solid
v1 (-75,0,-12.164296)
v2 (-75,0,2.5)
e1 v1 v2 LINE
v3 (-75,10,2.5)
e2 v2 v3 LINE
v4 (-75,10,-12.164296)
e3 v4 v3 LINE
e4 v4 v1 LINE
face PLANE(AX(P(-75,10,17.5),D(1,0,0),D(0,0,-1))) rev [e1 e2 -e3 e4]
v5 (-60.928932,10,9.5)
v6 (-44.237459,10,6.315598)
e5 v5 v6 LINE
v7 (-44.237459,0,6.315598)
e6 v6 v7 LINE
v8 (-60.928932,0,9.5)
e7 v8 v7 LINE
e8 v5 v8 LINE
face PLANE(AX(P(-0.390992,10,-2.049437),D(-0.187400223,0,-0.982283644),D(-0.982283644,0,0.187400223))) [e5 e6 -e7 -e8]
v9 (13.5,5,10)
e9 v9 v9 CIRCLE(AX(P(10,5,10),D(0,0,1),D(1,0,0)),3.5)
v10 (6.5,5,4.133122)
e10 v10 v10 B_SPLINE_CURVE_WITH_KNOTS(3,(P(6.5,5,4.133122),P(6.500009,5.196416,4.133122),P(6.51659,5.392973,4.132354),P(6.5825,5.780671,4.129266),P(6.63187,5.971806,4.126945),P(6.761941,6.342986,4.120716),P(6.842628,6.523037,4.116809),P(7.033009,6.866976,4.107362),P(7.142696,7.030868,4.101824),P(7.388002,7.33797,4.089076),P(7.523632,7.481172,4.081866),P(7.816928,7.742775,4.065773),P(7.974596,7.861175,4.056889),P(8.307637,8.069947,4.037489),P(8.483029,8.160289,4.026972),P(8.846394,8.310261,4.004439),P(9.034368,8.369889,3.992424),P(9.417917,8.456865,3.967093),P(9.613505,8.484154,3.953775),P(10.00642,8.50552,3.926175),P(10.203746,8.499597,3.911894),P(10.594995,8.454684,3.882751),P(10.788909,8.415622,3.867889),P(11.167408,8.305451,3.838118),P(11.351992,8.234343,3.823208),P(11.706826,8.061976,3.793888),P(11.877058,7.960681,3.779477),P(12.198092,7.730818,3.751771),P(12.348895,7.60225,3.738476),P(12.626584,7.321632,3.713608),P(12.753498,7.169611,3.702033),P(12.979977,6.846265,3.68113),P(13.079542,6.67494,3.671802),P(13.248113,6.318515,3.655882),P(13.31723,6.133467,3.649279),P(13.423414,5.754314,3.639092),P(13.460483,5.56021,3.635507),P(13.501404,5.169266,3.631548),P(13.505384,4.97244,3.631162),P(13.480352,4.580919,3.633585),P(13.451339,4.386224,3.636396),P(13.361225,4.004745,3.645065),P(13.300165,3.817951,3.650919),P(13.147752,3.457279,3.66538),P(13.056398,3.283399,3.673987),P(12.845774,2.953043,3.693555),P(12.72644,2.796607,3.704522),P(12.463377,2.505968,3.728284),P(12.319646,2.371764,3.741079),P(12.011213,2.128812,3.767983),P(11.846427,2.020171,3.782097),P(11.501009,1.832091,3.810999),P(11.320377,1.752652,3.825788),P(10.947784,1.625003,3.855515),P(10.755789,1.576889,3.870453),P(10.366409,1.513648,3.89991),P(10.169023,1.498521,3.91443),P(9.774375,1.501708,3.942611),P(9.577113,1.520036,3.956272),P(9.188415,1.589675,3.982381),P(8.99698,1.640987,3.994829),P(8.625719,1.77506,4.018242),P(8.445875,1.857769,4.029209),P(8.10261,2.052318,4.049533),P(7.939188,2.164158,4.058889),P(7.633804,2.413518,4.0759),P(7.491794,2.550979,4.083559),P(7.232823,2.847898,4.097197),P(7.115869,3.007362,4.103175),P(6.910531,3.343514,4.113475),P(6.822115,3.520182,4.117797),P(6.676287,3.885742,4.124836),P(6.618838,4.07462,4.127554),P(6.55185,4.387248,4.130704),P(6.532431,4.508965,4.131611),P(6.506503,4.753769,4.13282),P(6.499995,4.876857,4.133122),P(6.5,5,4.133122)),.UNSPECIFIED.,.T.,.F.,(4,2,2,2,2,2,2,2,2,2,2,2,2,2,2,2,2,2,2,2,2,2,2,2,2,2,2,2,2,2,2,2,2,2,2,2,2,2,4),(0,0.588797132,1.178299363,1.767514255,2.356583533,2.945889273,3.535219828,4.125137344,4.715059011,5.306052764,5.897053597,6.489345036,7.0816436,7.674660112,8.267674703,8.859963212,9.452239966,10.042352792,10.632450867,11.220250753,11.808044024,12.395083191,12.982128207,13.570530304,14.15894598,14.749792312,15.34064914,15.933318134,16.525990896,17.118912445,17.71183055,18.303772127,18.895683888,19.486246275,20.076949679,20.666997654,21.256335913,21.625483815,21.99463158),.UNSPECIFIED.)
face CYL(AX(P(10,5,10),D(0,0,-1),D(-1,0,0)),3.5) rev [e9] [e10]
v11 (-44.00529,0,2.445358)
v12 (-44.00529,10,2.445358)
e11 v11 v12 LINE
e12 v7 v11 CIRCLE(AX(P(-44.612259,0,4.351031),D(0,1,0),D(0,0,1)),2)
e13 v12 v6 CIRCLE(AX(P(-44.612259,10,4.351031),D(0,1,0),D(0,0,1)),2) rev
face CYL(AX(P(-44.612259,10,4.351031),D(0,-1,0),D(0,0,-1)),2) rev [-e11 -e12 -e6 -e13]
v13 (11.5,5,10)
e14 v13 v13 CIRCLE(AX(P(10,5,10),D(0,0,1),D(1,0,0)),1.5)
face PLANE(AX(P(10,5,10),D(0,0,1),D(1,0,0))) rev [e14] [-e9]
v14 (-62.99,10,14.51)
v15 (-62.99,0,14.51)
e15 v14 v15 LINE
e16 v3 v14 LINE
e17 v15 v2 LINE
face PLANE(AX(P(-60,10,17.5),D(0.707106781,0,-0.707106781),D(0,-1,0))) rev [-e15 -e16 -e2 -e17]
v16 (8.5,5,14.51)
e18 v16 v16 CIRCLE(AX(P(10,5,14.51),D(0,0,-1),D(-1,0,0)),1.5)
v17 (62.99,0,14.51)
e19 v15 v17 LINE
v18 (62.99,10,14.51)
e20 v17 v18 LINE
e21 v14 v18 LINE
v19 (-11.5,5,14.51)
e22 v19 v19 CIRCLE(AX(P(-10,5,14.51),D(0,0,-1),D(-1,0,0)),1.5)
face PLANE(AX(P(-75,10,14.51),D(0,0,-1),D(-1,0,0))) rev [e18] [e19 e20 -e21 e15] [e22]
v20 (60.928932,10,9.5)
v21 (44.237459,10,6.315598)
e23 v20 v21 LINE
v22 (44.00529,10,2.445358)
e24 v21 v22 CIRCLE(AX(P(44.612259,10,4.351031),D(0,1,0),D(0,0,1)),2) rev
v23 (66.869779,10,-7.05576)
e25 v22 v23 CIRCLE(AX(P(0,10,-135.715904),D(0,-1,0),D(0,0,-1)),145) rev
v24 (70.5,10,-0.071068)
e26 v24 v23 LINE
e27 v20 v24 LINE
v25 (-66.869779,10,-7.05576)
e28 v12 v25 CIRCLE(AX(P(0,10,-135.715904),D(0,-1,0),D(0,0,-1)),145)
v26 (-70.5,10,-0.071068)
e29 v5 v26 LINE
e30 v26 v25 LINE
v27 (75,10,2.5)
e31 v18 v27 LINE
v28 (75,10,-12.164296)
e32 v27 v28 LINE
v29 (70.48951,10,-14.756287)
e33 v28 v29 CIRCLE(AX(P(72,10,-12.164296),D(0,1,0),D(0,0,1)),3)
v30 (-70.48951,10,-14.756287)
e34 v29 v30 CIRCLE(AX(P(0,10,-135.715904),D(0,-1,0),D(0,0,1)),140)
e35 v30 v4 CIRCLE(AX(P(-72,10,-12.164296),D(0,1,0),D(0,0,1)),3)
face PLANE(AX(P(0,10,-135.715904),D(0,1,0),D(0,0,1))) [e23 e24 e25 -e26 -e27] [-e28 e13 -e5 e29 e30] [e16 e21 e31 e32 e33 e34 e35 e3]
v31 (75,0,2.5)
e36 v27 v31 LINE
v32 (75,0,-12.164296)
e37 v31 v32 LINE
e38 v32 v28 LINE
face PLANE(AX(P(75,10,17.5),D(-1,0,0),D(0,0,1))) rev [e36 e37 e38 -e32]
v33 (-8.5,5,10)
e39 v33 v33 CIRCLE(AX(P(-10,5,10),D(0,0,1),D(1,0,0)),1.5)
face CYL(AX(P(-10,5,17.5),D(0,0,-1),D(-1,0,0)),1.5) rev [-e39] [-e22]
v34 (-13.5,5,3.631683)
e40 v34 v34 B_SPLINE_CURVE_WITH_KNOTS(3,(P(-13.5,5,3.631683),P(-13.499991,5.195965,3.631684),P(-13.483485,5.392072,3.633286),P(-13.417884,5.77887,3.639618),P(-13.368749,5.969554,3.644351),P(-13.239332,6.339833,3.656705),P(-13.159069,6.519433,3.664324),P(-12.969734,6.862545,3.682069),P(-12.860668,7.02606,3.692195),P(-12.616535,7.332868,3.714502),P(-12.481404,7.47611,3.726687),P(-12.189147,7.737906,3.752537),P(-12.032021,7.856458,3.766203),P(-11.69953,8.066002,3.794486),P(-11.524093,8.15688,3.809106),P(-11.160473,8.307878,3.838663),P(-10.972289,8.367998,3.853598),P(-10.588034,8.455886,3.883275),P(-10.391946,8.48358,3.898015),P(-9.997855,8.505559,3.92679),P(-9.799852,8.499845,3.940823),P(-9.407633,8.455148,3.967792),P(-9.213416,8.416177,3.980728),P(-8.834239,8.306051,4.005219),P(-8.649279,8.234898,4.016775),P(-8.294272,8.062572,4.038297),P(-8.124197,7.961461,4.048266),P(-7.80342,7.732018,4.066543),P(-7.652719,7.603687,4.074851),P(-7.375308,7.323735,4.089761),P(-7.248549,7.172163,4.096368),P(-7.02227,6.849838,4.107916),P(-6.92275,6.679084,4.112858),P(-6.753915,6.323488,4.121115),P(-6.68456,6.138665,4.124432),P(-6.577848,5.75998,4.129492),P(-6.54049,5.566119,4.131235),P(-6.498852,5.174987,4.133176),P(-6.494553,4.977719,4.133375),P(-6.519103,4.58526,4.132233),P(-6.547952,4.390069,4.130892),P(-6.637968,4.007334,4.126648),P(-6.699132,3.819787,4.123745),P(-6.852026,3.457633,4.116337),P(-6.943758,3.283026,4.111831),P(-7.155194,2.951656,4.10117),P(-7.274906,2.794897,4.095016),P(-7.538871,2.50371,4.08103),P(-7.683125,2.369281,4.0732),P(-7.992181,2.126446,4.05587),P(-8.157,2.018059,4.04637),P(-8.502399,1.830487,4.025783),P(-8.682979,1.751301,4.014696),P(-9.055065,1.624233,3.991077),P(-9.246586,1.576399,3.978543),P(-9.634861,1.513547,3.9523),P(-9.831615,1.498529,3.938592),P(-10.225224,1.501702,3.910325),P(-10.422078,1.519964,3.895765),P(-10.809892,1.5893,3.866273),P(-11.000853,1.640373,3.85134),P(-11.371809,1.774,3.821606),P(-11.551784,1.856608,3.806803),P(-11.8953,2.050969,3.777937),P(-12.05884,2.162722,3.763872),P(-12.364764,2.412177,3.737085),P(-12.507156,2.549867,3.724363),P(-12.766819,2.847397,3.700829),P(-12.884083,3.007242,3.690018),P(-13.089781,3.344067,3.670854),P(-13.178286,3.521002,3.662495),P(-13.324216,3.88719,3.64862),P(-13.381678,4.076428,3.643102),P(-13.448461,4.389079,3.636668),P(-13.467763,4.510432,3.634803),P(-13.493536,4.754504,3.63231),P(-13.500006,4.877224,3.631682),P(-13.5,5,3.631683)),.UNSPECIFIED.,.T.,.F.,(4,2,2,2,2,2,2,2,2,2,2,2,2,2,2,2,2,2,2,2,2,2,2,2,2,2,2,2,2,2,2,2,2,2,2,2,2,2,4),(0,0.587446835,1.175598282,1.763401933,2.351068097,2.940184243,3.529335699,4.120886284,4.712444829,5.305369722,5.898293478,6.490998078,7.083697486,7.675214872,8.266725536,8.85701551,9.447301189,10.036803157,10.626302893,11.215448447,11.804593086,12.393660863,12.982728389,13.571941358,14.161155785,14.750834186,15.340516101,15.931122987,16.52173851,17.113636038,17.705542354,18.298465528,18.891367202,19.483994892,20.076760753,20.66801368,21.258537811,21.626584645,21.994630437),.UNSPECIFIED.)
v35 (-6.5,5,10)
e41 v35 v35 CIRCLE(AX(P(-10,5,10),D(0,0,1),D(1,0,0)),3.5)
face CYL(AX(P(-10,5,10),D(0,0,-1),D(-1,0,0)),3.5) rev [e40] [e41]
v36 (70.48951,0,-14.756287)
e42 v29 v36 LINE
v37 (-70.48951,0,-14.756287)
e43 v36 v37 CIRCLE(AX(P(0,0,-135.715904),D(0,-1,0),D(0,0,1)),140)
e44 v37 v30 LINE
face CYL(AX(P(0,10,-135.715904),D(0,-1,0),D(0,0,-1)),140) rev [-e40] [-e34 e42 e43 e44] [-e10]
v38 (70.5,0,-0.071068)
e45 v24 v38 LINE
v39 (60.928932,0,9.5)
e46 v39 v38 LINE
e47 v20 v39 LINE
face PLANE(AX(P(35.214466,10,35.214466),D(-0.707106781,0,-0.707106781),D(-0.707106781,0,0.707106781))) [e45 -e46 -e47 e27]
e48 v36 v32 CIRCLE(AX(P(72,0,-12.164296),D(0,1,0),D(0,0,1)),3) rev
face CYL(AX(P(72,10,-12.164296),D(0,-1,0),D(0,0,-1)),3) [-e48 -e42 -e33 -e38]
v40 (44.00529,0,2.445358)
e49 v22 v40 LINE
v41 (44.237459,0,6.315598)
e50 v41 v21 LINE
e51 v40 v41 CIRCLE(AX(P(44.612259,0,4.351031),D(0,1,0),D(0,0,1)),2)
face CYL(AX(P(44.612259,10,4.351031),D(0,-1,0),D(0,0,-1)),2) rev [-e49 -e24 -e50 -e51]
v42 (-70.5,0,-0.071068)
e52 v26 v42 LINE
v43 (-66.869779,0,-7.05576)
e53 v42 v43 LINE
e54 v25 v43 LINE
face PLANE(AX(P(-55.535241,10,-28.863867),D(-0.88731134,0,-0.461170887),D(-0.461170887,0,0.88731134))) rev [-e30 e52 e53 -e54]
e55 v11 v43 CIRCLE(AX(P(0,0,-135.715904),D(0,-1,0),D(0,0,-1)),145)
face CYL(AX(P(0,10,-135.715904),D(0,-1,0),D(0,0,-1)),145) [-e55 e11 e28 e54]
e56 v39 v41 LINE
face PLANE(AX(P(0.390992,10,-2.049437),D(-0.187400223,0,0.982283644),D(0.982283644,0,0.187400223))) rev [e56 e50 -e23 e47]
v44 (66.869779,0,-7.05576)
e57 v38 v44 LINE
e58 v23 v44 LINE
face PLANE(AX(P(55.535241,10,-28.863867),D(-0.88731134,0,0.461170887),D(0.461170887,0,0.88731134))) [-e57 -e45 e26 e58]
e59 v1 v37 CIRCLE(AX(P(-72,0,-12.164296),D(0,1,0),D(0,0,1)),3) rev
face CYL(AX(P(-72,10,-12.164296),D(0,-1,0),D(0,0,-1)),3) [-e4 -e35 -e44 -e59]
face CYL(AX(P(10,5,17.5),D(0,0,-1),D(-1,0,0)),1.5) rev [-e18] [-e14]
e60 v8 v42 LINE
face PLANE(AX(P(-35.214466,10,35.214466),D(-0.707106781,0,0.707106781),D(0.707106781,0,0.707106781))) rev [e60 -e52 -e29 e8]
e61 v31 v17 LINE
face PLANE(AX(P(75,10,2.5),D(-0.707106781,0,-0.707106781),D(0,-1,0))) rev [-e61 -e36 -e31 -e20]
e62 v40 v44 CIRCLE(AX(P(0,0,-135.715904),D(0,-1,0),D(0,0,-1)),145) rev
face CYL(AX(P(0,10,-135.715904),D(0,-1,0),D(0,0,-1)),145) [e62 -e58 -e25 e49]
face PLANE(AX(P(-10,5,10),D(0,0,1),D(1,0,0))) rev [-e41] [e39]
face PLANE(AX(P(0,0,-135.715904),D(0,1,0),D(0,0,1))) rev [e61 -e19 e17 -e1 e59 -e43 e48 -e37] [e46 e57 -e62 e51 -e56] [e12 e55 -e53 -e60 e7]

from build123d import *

# Parameters (mm, degrees)
EXTRUDE_1_DEPTH     = 10
CHAMFER_1_SIZE      = 15
FILLET_1_R          = 3
SKETCH_2_R          = 1.5
CUT_EXTRUDE_2_DEPTH = 78.661122835
SKETCH_4_R          = 3.5
CUT_EXTRUDE_3_DEPTH = 10
CUT_EXTRUDE_4_DEPTH = 78.661122848
FILLET_2_R          = 2
SKETCH_6_W          = 150
SKETCH_6_H          = 5.98
CUT_EXTRUDE_5_DEPTH = 78.661122848


with BuildPart() as part:
    # 草图1 → 凸台-拉伸1 (new body)
    with BuildSketch(Plane(origin=(0, 0, 0), x_dir=(1, 0, 0), z_dir=(0, 1, 0))):
        with BuildLine():
            Line((-75, -17.5), (75, -17.5))
            Line((75, -17.5), (75, 17.5))
            ThreePointArc((75, 17.5), (0, -4.284095825), (-75, 17.5))
            Line((-75, 17.5), (-75, -17.5))
        make_face()
    extrude(amount=EXTRUDE_1_DEPTH)

    # 倒角1
    chamfer_1_edges = [part.edges().sort_by_distance(p)[0] for p in [
        (75, 5, 17.5),
        (-75, 5, 17.5),
    ]]
    chamfer(chamfer_1_edges, length=CHAMFER_1_SIZE)

    # 圆角1
    fillet_1_edges = [part.edges().sort_by_distance(p)[0] for p in [
        (75, 5, -17.5),
        (-75, 5, -17.5),
    ]]
    fillet(fillet_1_edges, radius=FILLET_1_R)

    # 草图2 → 切除-拉伸2 (cut, through all)
    with BuildSketch(Plane.XY):
        with Locations(Location((10, 5, 0), (0, 0, 180))):
            Circle(SKETCH_2_R)
        with Locations(Location((-10, 5, 0), (0, 0, 180))):
            Circle(SKETCH_2_R)
    extrude(amount=CUT_EXTRUDE_2_DEPTH, mode=Mode.SUBTRACT)

    # 草图4 → 切除-拉伸3 (cut)
    with BuildSketch(Plane.XY):
        with Locations(Location((10, 5, 0), (0, 0, 180))):
            Circle(SKETCH_4_R)
        with Locations(Location((-10, 5, 0), (0, 0, 180))):
            Circle(SKETCH_4_R)
    extrude(amount=CUT_EXTRUDE_3_DEPTH, mode=Mode.SUBTRACT)

    # 草图5 → 切除-拉伸4 (cut, through all)
    with BuildSketch(Plane.XZ):
        with BuildLine():
            ThreePointArc((-36, 4.744054532), (-51.772161826, -0.273505866), (-66.86977855, -7.055759932))
            Line((-66.86977855, -7.055759932), (-70.5, -0.071067812))
            Line((-70.5, -0.071067812), (-60.928932188, 9.5))
            Line((-60.928932188, 9.5), (-36, 4.744054532))
        make_face()
        with BuildLine():
            Line((60.928932188, 9.5), (36, 4.744054532))
            ThreePointArc((36, 4.744054532), (51.772161826, -0.273505866), (66.86977855, -7.055759932))
            Line((66.86977855, -7.055759932), (70.5, -0.071067812))
            Line((70.5, -0.071067812), (60.928932188, 9.5))
        make_face()
    extrude(amount=-CUT_EXTRUDE_4_DEPTH, mode=Mode.SUBTRACT)

    # 圆角2
    fillet_2_edges = [part.edges().sort_by_distance(p)[0] for p in [
        (-36, 5, 4.744054532),
        (36, 5, 4.744054532),
    ]]
    fillet(fillet_2_edges, radius=FILLET_2_R)

    # 草图6 → 切除-拉伸5 (cut, through all)
    with BuildSketch(Plane.XZ):
        with Locations((0, 17.5)):
            Rectangle(SKETCH_6_W, SKETCH_6_H)
    extrude(amount=-CUT_EXTRUDE_5_DEPTH, mode=Mode.SUBTRACT)


solid = part.part
